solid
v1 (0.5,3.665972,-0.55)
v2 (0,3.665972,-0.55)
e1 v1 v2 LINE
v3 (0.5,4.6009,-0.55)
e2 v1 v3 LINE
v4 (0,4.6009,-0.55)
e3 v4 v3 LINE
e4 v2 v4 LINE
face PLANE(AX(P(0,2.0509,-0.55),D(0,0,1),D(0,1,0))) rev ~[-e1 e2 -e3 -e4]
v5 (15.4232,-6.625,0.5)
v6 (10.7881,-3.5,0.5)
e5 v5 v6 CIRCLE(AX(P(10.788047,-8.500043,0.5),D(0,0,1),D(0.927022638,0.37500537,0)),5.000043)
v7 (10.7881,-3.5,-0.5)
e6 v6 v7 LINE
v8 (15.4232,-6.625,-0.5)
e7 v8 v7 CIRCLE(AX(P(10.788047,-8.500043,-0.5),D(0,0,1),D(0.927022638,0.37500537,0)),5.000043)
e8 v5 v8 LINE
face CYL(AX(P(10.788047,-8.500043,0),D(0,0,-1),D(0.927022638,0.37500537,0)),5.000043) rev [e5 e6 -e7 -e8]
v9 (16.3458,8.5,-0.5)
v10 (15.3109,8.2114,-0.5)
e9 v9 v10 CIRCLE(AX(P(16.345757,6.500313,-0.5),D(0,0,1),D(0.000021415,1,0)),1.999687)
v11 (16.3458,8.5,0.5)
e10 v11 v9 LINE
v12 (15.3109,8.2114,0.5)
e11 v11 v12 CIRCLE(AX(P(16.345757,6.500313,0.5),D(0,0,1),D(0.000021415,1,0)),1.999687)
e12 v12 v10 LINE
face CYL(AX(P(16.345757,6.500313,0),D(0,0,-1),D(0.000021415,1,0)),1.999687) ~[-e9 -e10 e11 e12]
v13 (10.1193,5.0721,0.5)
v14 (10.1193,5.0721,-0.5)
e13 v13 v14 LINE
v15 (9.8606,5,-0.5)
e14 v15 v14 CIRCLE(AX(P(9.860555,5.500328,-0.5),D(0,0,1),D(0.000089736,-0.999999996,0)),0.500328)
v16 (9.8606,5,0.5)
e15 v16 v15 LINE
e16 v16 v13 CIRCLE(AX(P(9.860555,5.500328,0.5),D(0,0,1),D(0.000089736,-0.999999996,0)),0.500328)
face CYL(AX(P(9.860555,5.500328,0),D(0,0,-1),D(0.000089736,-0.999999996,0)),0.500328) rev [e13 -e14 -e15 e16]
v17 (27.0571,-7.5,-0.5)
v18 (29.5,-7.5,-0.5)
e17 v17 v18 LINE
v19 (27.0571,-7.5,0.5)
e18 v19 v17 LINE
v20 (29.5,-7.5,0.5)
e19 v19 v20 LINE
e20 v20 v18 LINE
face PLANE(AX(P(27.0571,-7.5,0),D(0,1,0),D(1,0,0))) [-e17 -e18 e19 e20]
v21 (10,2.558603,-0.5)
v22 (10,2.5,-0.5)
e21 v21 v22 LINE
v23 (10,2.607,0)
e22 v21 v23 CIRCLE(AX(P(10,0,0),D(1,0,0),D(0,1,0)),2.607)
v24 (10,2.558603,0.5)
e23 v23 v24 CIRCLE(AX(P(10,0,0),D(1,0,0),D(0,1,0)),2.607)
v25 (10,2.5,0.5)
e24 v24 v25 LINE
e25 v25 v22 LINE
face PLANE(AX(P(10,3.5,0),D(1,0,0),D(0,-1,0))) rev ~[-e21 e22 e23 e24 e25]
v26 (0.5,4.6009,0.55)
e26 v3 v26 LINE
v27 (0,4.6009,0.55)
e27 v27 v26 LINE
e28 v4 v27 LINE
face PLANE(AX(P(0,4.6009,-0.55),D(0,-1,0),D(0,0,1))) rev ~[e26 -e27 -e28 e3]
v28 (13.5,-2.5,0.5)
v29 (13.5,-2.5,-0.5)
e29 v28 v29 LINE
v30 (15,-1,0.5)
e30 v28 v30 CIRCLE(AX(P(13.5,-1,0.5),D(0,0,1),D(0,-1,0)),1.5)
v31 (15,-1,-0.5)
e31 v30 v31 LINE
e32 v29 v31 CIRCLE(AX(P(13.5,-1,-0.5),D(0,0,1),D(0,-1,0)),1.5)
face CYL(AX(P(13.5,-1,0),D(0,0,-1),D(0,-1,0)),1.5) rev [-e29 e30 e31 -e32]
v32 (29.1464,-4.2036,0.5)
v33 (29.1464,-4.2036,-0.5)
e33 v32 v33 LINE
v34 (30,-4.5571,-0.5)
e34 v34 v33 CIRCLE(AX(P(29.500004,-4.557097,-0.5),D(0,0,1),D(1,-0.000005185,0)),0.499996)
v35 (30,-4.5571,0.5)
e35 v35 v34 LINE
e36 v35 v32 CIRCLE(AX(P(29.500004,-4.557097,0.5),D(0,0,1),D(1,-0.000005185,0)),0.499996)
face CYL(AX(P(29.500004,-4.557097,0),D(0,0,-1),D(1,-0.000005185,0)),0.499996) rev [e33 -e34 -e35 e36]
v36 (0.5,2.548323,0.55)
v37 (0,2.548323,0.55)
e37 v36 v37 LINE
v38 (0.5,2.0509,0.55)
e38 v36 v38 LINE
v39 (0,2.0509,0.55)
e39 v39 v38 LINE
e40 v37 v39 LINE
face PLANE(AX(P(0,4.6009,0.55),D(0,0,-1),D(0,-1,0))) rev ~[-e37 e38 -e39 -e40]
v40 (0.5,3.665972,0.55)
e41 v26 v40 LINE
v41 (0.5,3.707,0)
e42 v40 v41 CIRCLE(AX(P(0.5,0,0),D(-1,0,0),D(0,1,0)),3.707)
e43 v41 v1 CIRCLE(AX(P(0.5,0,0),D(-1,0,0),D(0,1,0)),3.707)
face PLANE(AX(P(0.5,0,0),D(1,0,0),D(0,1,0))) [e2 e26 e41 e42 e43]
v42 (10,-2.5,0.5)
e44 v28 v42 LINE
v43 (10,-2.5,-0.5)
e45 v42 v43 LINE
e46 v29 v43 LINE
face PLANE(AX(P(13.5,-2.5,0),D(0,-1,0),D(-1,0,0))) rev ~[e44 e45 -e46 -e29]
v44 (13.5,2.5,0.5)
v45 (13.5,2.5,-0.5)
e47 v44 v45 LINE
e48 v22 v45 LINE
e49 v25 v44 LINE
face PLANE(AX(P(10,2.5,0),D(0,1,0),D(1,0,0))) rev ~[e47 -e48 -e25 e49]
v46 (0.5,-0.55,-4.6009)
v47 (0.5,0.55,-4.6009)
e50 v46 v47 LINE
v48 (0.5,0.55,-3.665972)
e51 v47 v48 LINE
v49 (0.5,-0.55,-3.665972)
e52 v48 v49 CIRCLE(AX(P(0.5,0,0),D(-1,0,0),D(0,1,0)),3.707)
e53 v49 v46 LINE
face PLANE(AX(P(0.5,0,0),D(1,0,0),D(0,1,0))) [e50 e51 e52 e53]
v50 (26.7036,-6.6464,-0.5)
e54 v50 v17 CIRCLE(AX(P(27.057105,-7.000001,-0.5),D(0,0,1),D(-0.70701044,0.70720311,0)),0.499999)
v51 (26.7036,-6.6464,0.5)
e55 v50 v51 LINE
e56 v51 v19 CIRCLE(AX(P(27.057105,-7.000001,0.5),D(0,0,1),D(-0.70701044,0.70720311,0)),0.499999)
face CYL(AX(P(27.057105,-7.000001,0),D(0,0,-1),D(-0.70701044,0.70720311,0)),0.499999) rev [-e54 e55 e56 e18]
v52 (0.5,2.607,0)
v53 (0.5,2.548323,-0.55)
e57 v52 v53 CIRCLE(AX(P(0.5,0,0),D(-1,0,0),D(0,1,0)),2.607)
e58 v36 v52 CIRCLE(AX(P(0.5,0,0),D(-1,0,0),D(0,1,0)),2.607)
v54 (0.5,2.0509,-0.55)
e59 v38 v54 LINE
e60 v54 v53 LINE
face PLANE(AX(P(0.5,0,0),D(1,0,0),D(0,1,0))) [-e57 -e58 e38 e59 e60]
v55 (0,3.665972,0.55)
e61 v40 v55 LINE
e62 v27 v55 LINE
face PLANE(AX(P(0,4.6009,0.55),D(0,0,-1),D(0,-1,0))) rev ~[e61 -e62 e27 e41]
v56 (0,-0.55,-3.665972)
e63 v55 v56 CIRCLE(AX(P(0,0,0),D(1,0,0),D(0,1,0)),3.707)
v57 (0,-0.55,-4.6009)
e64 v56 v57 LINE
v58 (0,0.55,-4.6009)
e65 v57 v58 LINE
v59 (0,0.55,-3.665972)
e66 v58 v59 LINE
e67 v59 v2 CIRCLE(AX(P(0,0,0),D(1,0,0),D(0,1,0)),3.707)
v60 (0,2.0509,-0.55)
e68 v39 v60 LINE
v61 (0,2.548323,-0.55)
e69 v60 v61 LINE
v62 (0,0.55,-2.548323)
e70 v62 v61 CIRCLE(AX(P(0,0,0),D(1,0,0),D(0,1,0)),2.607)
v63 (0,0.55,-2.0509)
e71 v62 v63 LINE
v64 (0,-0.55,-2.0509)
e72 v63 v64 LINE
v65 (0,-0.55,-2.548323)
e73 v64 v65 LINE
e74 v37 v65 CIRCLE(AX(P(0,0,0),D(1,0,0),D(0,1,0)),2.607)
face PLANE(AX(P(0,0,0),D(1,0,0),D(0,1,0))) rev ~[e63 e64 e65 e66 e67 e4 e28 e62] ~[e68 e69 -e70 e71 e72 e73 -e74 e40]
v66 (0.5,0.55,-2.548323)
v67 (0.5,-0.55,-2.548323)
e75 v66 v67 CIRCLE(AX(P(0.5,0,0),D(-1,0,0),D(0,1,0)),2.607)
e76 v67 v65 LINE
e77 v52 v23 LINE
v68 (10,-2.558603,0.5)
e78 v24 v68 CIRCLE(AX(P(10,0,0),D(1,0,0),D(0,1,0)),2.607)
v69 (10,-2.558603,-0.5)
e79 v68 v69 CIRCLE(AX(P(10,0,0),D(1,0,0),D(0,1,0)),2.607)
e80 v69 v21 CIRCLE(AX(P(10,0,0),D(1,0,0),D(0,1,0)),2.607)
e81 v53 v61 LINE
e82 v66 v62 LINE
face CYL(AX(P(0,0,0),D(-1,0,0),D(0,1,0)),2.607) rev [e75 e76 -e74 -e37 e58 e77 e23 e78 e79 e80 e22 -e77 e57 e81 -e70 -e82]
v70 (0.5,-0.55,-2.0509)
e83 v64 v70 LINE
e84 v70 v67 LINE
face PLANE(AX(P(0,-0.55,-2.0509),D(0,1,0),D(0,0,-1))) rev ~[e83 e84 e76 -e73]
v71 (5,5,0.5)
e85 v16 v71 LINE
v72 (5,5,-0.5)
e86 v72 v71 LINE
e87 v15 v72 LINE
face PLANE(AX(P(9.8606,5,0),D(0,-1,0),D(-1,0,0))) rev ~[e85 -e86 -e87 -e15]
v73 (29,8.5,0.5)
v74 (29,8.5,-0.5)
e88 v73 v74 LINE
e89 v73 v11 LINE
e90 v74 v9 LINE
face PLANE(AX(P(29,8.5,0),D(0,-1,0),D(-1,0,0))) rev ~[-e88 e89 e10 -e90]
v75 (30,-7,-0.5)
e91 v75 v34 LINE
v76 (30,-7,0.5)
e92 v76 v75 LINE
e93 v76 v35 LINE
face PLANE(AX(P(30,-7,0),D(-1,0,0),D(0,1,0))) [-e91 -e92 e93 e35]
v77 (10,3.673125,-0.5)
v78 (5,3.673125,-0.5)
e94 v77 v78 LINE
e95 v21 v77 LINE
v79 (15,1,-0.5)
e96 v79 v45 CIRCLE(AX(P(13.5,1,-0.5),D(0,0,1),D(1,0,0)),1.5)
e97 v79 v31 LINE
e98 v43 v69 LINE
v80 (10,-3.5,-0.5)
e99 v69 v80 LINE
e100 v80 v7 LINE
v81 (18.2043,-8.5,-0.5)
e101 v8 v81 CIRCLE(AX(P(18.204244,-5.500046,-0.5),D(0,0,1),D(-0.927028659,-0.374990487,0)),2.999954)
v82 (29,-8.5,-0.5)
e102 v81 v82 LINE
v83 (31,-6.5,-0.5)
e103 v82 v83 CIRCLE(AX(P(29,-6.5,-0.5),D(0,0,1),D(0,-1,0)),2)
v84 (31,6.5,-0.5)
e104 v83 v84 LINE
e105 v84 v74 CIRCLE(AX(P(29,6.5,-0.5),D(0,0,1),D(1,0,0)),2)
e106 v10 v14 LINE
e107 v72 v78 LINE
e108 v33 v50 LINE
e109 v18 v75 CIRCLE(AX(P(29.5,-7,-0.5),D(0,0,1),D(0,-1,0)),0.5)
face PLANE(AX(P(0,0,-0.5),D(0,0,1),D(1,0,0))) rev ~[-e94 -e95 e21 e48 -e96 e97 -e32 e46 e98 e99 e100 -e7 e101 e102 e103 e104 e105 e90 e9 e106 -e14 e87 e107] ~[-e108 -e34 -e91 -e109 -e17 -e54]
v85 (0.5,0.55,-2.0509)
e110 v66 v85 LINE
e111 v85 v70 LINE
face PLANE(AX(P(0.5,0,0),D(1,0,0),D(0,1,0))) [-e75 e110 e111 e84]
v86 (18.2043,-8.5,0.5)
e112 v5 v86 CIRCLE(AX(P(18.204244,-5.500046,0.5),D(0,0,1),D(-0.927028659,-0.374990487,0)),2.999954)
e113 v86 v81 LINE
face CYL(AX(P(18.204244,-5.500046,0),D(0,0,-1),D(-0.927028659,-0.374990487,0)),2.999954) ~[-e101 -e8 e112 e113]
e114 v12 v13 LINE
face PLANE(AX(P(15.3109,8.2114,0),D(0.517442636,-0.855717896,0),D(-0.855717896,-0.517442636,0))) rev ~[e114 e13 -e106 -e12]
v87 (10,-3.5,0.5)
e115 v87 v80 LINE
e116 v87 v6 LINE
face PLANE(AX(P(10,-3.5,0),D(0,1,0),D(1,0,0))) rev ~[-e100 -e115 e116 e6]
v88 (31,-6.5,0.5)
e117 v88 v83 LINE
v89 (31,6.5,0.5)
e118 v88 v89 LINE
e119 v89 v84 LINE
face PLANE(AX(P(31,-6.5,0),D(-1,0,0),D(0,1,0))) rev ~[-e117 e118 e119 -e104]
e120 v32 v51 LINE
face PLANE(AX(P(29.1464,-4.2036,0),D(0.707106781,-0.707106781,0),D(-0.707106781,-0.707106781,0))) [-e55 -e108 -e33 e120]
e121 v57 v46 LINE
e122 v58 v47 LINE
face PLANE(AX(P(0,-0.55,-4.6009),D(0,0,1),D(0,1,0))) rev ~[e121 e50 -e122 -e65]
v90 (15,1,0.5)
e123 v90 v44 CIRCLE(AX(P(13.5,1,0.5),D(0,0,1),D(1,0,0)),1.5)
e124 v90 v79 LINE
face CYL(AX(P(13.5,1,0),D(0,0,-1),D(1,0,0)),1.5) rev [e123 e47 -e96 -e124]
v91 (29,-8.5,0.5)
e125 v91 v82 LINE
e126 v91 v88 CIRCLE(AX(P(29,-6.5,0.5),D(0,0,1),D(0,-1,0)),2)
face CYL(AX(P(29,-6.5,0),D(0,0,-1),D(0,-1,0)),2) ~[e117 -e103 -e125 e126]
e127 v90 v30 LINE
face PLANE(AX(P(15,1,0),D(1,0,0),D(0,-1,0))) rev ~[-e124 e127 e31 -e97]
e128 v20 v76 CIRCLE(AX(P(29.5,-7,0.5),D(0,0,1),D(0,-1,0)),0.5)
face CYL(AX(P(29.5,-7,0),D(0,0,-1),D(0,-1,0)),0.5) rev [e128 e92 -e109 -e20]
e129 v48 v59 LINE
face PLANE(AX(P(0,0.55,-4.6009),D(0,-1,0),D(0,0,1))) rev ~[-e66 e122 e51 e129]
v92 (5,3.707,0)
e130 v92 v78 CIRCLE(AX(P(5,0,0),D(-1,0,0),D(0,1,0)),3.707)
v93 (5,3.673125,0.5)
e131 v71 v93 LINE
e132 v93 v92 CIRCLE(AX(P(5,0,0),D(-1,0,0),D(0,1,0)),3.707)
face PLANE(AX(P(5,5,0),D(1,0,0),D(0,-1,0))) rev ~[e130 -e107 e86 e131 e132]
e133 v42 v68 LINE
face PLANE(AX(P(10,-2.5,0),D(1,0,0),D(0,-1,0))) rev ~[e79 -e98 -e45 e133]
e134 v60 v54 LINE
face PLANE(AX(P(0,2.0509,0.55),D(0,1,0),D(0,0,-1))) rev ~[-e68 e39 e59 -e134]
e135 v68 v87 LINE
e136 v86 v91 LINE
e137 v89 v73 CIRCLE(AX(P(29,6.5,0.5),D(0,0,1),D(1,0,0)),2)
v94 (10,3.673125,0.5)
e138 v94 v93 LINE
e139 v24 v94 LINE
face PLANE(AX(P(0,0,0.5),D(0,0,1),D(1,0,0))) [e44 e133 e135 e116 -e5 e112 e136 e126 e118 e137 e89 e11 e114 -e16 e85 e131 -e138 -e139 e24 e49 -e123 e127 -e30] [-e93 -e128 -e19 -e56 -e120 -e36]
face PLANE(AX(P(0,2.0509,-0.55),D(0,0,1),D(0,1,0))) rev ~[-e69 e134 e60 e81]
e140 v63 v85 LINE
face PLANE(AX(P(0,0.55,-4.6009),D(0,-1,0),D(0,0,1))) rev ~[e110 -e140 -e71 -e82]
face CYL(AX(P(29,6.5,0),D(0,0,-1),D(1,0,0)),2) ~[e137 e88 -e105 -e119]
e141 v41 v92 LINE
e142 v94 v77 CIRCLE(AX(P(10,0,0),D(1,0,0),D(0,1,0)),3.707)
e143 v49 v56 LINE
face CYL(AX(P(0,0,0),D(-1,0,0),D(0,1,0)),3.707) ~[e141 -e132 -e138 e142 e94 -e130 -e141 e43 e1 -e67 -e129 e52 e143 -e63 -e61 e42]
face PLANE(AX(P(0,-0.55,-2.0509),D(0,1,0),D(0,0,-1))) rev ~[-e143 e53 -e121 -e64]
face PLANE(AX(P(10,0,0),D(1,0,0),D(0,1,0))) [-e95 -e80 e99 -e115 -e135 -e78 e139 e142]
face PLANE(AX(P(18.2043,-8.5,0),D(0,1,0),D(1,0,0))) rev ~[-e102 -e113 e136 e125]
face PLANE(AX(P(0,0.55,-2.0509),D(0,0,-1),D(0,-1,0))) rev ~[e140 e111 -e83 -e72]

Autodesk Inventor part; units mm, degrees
sketch "Sketch_1" plane through (0, 0, 0) normal (1, 0, 0) x (0, 1, 0)
  circle A0 centre (0, 0) radius 3.707
  circle A1 centre (0, 0) radius 2.607
extrude "Extrusion1" add sketch "Sketch_1" along normal blind 10
sketch "Sketch_2" plane through (0, 0, 0) normal (1, 0, 0) x (0, 1, 0)
  line L0 (2.0509, 0.55) -> (2.0509, -0.55)
  line L1 (2.0509, -0.55) -> (4.6009, -0.55)
  line L2 (4.6009, -0.55) -> (4.6009, 0.55)
  line L3 (4.6009, 0.55) -> (2.0509, 0.55)
extrude "Extrusion2" add sketch "Sketch_2" along normal blind 0.5
sketch "Sketch_3" plane through (0, 0, 0) normal (1, 0, 0) x (0, 1, 0)
  line L0 (0.55, -2.0509) -> (-0.55, -2.0509)
  line L1 (-0.55, -2.0509) -> (-0.55, -4.6009)
  line L2 (-0.55, -4.6009) -> (0.55, -4.6009)
  line L3 (0.55, -4.6009) -> (0.55, -2.0509)
extrude "Extrusion3" add sketch "Sketch_3" along normal blind 0.5
sketch "Sketch_4" plane through (0, 0, 0) normal (0, 0, 1) x (1, 0, 0)
  line L0 (5, 5) -> (5, 3.5)
  line L1 (5, 3.5) -> (10, 3.5)
  line L2 (10, 3.5) -> (10, 2.5)
  line L3 (10, 2.5) -> (13.5, 2.5)
  arc A0 (15, 1) -> (13.5, 2.5) centre (13.5, 1) ccw
  line L4 (15, 1) -> (15, -1)
  arc A1 (13.5, -2.5) -> (15, -1) centre (13.5, -1) ccw
  line L5 (13.5, -2.5) -> (10, -2.5)
  line L6 (10, -2.5) -> (10, -3.5)
  line L7 (10, -3.5) -> (10.7881, -3.5)
  arc A2 (15.4232, -6.625) -> (10.7881, -3.5) centre (10.7881, -8.5) ccw
  arc A3 (15.4232, -6.625) -> (18.2043, -8.5) centre (18.2043, -5.5) ccw
  line L8 (18.2043, -8.5) -> (29, -8.5)
  arc A4 (29, -8.5) -> (31, -6.5) centre (29, -6.5) ccw
  line L9 (31, -6.5) -> (31, 6.5)
  arc A5 (31, 6.5) -> (29, 8.5) centre (29, 6.5) ccw
  line L10 (29, 8.5) -> (16.3458, 8.5)
  arc A6 (16.3458, 8.5) -> (15.3109, 8.2114) centre (16.3458, 6.5) ccw
  line L11 (15.3109, 8.2114) -> (10.1193, 5.0721)
  arc A7 (9.8606, 5) -> (10.1193, 5.0721) centre (9.8606, 5.5) ccw
  line L12 (9.8606, 5) -> (5, 5)
  arc A8 (26.7036, -6.6464) -> (27.0571, -7.5) centre (27.0571, -7) ccw
  line L13 (27.0571, -7.5) -> (29.5, -7.5)
  arc A9 (29.5, -7.5) -> (30, -7) centre (29.5, -7) ccw
  line L14 (30, -7) -> (30, -4.5571)
  arc A10 (30, -4.5571) -> (29.1464, -4.2036) centre (29.5, -4.5571) ccw
  line L15 (29.1464, -4.2036) -> (26.7036, -6.6464)
extrude "Extrusion4" add sketch "Sketch_4" along normal mid plane 1
ref_plane "k_to_1_XY" through (0, 0, 0) normal (1, 0, 0) x (0, 0, -1)
ref_plane "k_to_1_YZ" through (0, 0, 0) normal (0, 0, -1) x (0, 1, 0)
ref_plane "k_to_1_ZX" through (0, 0, 0) normal (0, 1, 0) x (1, 0, 0)
ref_plane "3_TO_K_XY" through (27, -6.5, 0) normal (0, 0, 1) x (1, 0, 0)
ref_plane "3_TO_K_YZ" through (27, -6.5, 0) normal (1, 0, 0) x (0, 1, 0)
ref_plane "3_TO_K_ZX" through (27, -6.5, 0) normal (0, 1, 0) x (0, 0, 1)
ref_plane "K1_TO_3_XY" through (29, -3, 0) normal (1, 0, 0) x (0, 0, -1)
ref_plane "K1_TO_3_YZ" through (29, -3, 0) normal (0, 0, -1) x (0, 1, 0)
ref_plane "K1_TO_3_ZX" through (29, -3, 0) normal (0, 1, 0) x (1, 0, 0)
properties part number "LOCNL2_k"
